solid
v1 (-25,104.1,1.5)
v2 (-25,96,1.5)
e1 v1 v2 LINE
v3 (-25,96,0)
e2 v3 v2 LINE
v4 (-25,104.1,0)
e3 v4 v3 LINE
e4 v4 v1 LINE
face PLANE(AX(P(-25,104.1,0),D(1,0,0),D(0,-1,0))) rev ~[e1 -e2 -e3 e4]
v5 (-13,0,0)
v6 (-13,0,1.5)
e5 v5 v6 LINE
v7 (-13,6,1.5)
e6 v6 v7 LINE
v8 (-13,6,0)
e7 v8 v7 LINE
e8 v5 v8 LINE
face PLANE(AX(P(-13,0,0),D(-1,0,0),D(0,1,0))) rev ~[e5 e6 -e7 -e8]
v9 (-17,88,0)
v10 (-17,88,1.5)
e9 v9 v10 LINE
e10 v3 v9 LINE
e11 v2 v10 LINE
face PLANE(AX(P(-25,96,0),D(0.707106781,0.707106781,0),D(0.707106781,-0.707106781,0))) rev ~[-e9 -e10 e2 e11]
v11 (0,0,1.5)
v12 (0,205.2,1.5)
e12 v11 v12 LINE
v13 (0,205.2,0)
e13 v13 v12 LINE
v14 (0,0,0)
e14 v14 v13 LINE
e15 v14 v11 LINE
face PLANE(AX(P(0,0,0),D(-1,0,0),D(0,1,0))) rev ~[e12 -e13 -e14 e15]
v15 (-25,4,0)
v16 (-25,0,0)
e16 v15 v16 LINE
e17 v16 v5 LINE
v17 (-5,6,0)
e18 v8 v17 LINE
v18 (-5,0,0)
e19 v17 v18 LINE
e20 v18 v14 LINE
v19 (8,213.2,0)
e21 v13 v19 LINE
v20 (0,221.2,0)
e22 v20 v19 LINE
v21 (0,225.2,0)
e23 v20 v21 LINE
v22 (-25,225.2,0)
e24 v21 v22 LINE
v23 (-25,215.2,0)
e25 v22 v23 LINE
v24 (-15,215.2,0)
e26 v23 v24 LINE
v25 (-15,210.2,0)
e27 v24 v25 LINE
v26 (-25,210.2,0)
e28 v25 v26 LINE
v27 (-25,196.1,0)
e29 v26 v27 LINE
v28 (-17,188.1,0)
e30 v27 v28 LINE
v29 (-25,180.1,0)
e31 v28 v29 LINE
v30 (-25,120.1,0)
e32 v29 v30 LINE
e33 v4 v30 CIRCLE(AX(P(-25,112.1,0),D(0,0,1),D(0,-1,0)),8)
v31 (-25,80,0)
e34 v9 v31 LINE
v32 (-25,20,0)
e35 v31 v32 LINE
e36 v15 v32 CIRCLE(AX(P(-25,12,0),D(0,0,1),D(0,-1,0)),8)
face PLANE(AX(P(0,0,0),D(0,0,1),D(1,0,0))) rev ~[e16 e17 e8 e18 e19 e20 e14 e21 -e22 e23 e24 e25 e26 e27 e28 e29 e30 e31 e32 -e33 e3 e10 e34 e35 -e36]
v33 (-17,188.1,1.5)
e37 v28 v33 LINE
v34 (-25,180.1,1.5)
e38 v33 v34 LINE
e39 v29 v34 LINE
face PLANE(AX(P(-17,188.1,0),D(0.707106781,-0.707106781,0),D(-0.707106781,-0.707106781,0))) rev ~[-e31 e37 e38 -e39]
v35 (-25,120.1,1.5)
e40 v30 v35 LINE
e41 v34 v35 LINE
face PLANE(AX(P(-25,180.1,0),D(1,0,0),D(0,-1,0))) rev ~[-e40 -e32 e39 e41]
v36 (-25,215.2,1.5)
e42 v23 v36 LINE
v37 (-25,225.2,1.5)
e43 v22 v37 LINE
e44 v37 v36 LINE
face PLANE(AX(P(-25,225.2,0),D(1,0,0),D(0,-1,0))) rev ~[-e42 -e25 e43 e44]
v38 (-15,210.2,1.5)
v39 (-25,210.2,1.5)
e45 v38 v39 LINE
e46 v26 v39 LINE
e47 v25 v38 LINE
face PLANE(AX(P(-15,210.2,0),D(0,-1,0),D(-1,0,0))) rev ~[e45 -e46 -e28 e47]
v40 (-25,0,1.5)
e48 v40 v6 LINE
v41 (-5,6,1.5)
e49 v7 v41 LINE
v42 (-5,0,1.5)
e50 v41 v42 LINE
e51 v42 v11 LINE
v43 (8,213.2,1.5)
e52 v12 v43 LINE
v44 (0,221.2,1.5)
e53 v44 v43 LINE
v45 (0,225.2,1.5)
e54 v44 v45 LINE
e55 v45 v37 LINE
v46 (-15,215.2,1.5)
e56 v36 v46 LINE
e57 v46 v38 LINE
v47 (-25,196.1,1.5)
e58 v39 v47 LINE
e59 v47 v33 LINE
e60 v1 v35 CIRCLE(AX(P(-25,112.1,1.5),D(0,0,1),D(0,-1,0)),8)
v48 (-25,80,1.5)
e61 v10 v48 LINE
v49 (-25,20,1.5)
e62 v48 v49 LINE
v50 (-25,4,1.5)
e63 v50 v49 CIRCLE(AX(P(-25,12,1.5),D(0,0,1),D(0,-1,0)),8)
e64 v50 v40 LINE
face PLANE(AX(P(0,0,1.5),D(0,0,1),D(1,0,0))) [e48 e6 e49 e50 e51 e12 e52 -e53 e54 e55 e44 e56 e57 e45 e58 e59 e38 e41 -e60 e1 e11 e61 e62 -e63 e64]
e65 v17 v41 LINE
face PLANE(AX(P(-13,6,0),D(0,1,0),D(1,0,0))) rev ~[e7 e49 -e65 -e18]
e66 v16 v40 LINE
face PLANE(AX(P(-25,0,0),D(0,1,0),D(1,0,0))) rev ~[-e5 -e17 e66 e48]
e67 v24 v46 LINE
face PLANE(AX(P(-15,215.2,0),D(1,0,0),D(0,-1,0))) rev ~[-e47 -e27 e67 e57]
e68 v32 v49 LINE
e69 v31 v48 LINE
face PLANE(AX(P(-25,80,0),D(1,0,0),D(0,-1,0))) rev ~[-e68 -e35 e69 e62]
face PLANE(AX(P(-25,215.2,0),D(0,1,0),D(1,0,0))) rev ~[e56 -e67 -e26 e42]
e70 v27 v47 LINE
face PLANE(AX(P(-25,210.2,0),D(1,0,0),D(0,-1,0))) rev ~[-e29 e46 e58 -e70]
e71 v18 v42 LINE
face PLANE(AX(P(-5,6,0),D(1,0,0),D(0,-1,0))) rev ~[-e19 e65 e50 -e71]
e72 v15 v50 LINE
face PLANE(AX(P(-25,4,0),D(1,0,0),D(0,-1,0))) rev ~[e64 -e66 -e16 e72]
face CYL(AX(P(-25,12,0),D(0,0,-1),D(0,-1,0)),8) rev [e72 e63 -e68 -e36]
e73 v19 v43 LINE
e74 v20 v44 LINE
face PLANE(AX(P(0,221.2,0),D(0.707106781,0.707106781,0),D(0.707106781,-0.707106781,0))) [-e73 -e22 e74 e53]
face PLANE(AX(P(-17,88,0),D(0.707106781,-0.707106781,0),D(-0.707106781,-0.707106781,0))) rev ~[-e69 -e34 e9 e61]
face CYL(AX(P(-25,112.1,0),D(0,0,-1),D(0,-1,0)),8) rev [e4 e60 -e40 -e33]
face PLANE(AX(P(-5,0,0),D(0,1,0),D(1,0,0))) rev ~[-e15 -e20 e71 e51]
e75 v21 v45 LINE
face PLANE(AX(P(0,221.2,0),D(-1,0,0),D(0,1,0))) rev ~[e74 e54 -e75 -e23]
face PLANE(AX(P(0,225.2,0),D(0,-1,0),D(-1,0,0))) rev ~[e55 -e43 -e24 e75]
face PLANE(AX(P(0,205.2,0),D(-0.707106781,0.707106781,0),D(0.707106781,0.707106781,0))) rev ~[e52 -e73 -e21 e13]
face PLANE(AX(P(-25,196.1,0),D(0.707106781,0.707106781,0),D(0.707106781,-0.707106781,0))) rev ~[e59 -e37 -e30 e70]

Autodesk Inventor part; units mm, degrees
ref_plane "YZ Plane" through (0, 0, 0) normal (1, 0, 0) x (0, 1, 0)
ref_plane "XZ Plane" through (0, 0, 0) normal (0, 1, 0) x (-1, 0, 0)
ref_plane "XY Plane" through (0, 0, 0) normal (0, 0, 1) x (1, 0, 0)
sketch "Sketch1" plane through (0, 0, 0) normal (0, 0, 1) x (1, 0, 0)
  circle A0 centre (0, 213.2) radius 8 construction
  line L0 (0, 221.2) -> (8, 213.2)
  line L1 (0, 205.2) -> (8, 213.2)
  line L2 (0, 0) -> (0, 205.2)
  line L3 (0, 225.2) -> (-25, 225.2)
  line L4 (-25, 0) -> (-13, 0)
  line L5 (-13, 0) -> (-13, 6)
  line L6 (-13, 6) -> (-5, 6)
  line L7 (-5, 6) -> (-5, 0)
  line L8 (-25, 0) -> (-13, 0)
  line L9 (-5, 0) -> (0, 0)
  line L10 (-25, 196.1) -> (-17, 188.1)
  line L11 (-17, 188.1) -> (-25, 180.1)
  arc A1 (-25, 104.1) -> (-25, 120.1) centre (-25, 112.1) ccw
  line L12 (-25, 180.1) -> (-25, 120.1)
  circle A2 centre (-25, 188.1) radius 8 construction
  line L13 (0, 221.2) -> (0, 225.2)
  line L14 (-25, 215.2) -> (-15, 215.2)
  line L15 (-15, 215.2) -> (-15, 210.2)
  line L16 (-15, 210.2) -> (-25, 210.2)
  line L17 (-25, 225.2) -> (-25, 215.2)
  line L18 (-25, 210.2) -> (-25, 196.1)
  arc A3 (-25, 4) -> (-25, 20) centre (-25, 12) ccw
  line L19 (-25, 4) -> (-25, 0)
  line L20 (-25, 96) -> (-17, 88)
  line L21 (-17, 88) -> (-25, 80)
  circle A4 centre (-25, 88) radius 8 construction
  line L22 (-25, 104.1) -> (-25, 96)
  line L23 (-25, 80) -> (-25, 20)
  dimension "d5" = 16
  dimension "d168" = 25
  dimension "d177" = 12
  dimension "d178" = 6
  dimension "d179" = 8
  dimension "d189" = 76
  dimension "d193" = 4
  dimension "d194" = 10
  dimension "d195" = 5
  dimension "d196" = 225.2
  dimension "d197" = 10
  dimension "d198" = 37.1
  dimension "d199" = 76
  dimension "d200" = 24.1
  dimension "d201" = 5
extrude "Extrusion10" add sketch "Sketch1" along normal blind 1.5
properties part number "MS_FI_v3"
